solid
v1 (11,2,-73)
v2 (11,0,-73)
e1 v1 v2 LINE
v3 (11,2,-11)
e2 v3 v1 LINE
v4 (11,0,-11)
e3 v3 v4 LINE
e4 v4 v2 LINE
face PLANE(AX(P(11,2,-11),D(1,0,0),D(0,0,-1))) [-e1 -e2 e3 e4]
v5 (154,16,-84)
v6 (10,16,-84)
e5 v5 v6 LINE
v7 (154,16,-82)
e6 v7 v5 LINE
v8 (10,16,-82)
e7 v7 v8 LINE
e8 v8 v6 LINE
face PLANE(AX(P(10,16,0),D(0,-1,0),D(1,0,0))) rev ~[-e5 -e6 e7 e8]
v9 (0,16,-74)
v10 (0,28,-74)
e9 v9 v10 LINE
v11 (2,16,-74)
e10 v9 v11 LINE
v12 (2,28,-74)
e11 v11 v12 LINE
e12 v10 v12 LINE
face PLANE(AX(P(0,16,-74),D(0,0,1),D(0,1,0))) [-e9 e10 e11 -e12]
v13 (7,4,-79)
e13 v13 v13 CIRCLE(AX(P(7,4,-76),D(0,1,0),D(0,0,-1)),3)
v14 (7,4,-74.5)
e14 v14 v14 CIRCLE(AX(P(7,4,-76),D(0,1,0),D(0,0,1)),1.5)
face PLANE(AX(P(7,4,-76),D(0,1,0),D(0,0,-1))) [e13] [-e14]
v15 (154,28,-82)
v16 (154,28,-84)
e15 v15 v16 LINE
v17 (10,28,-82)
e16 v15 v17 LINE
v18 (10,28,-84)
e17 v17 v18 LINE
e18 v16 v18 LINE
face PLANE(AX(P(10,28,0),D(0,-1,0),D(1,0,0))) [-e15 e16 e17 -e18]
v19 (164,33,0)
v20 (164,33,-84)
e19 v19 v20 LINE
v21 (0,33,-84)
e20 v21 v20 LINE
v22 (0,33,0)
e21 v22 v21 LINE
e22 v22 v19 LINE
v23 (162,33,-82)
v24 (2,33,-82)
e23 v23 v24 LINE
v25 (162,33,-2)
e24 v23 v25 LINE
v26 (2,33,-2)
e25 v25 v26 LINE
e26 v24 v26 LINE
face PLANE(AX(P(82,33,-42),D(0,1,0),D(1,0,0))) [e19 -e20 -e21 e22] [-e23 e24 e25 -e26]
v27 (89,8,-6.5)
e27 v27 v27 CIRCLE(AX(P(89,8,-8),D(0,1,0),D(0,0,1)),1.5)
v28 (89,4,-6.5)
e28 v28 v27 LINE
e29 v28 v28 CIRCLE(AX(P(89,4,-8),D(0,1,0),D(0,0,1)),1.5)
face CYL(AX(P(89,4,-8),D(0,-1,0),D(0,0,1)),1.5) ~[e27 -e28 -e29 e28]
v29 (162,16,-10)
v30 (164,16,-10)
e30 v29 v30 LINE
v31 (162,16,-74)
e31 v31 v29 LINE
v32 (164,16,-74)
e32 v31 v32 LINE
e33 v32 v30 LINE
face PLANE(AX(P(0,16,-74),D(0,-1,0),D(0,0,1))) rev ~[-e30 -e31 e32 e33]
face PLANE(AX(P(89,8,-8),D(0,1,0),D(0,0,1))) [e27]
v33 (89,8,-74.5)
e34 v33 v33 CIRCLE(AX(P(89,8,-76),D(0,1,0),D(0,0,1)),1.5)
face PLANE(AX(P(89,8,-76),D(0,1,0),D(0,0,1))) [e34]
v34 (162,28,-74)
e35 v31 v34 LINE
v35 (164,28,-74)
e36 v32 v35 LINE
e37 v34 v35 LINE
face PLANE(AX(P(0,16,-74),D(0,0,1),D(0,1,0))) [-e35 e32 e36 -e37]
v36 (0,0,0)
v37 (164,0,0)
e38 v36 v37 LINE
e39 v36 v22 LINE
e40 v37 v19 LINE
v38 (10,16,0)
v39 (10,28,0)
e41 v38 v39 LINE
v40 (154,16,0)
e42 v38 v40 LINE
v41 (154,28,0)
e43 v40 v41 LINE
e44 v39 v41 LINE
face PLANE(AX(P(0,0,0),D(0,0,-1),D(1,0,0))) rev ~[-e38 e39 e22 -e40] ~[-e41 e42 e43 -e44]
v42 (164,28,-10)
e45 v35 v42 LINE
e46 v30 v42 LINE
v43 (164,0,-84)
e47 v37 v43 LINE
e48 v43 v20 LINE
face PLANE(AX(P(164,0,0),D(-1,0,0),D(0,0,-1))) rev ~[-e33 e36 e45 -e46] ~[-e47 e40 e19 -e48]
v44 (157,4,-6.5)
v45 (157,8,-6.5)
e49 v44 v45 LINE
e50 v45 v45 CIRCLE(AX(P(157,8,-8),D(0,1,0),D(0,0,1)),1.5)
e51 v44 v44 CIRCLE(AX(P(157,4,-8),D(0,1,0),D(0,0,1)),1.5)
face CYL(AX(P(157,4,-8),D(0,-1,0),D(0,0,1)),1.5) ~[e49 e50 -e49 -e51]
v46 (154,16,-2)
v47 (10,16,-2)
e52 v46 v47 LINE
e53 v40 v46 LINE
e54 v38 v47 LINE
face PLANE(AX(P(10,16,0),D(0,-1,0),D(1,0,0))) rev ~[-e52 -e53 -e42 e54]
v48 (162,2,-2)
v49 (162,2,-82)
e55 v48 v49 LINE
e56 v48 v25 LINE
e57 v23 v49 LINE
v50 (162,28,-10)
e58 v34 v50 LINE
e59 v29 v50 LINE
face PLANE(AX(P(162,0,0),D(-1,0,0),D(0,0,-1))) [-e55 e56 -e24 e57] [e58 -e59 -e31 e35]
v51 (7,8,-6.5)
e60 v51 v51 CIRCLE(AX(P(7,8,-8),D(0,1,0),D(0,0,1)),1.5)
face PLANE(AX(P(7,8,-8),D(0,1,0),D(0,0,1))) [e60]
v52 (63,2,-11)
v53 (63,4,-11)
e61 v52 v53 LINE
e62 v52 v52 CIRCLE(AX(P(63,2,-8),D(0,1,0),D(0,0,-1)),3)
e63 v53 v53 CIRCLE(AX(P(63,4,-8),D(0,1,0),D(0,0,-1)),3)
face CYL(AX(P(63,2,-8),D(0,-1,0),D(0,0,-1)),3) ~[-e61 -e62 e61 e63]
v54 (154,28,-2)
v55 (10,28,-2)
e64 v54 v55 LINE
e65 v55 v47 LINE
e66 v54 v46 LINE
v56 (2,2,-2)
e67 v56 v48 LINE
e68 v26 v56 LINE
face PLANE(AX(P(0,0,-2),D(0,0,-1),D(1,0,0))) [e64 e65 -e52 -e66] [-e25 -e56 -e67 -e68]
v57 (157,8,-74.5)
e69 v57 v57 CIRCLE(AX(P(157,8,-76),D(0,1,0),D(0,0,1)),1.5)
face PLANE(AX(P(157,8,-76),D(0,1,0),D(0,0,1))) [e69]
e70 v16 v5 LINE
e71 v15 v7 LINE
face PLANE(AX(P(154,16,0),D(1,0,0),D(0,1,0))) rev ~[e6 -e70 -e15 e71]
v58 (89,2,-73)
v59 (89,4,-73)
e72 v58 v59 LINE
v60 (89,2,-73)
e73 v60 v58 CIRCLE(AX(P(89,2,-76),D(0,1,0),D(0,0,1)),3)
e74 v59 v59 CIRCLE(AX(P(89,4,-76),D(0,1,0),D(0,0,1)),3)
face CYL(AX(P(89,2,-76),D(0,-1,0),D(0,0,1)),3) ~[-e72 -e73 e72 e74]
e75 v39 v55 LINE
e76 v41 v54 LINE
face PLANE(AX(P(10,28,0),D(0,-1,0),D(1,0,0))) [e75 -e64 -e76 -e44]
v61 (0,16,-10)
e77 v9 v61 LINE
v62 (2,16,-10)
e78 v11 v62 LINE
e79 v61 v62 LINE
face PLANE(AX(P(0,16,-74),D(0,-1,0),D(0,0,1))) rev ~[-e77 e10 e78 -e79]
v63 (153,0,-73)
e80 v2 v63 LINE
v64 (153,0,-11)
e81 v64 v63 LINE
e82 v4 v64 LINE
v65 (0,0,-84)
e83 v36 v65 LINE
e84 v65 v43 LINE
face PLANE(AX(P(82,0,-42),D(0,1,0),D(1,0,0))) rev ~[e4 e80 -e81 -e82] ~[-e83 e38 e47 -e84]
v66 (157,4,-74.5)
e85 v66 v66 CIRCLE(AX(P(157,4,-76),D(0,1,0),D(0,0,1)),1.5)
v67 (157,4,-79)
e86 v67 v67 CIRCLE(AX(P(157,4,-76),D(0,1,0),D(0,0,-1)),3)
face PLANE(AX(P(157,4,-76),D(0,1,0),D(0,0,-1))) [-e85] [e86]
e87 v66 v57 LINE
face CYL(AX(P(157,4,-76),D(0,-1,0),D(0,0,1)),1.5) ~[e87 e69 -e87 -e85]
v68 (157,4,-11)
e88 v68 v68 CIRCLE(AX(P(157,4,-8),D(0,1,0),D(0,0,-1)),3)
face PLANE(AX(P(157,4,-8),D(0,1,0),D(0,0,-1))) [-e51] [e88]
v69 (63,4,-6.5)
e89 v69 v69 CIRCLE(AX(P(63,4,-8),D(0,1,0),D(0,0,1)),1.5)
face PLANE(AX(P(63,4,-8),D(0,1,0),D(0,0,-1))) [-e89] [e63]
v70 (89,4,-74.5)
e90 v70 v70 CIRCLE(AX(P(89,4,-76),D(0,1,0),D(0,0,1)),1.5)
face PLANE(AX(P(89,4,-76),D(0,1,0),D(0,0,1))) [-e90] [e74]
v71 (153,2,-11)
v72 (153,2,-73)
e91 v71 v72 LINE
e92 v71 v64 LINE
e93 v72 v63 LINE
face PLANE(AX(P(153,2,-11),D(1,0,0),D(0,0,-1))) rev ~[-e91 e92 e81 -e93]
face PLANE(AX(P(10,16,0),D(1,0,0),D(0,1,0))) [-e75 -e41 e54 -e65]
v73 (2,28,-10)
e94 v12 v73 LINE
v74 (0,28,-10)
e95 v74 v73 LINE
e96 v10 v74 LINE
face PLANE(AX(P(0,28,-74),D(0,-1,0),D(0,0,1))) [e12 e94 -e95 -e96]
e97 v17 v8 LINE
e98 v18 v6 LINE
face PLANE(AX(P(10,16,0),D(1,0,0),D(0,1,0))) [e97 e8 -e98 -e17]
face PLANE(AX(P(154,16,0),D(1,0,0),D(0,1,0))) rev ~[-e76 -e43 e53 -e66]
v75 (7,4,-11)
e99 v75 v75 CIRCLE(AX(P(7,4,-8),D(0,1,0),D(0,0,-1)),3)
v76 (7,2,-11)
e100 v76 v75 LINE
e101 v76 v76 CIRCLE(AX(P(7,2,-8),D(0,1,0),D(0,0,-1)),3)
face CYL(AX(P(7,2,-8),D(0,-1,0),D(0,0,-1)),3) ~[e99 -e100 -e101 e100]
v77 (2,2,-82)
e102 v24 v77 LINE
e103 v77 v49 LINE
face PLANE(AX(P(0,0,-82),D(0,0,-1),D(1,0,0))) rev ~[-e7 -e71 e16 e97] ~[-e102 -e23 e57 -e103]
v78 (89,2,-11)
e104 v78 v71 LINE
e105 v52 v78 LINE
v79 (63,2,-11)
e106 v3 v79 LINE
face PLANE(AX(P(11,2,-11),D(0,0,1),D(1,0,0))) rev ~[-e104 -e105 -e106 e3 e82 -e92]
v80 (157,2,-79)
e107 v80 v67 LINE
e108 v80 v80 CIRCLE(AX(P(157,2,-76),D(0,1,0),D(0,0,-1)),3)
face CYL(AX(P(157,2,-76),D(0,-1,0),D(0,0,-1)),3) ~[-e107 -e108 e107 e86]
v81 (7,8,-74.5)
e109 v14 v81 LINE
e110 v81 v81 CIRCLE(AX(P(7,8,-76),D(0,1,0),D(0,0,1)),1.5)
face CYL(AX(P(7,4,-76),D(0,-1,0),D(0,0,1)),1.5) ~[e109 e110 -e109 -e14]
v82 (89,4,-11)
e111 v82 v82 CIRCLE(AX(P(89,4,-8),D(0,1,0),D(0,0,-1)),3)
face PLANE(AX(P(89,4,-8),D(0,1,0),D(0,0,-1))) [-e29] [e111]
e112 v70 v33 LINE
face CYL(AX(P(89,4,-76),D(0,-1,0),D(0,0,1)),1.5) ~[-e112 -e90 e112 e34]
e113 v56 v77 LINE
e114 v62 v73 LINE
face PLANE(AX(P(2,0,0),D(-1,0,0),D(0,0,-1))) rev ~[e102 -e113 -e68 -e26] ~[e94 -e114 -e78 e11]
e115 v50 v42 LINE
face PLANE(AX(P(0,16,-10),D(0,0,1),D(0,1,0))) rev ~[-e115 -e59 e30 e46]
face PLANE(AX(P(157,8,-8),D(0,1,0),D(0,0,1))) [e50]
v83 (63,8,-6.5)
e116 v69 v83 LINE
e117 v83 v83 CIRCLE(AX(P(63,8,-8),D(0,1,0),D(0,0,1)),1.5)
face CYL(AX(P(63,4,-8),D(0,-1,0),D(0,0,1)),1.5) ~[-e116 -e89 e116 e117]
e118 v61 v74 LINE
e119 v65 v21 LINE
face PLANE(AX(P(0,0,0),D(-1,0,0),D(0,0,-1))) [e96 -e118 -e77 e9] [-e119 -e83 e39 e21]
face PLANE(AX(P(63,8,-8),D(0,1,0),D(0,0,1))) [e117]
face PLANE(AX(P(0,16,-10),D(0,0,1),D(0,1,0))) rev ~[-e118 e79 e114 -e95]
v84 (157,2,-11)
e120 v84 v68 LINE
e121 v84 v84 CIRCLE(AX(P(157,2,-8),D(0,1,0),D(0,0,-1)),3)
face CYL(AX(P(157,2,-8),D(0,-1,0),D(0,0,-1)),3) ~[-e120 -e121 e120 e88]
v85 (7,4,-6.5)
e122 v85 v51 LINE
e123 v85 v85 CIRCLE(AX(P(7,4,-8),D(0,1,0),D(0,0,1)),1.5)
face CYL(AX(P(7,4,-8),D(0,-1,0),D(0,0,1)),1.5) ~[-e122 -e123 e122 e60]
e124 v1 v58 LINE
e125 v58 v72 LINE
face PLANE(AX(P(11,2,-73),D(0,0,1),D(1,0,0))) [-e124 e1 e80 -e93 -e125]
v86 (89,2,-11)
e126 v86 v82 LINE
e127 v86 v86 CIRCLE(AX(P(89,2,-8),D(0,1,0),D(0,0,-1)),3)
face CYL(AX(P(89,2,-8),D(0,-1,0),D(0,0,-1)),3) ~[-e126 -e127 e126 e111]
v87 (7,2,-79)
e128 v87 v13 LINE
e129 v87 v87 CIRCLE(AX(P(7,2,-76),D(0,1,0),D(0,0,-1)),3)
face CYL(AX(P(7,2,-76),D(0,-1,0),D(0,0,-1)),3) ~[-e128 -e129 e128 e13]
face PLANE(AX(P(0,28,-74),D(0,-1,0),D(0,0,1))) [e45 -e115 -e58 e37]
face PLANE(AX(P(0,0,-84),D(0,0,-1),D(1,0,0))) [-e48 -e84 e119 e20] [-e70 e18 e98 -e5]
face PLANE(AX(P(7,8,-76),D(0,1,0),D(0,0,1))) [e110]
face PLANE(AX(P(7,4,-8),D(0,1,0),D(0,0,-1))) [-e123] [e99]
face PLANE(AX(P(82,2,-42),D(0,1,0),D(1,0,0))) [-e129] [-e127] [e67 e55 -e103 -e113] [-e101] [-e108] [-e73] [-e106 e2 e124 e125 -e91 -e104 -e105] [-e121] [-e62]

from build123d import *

# Parameters (mm, degrees)
SKETCH1_W           = 164
SKETCH1_H           = 84
BOSS_EXTRUDE1_DEPTH = 33
SHELL1_T            = -2
SKETCH3_W           = 142
SKETCH3_H           = 62
CUT_EXTRUDE1_DEPTH  = 2
SKETCH4_R           = 3
BOSS_EXTRUDE2_DEPTH = 2
SKETCH5_R           = 1.5
BOSS_EXTRUDE3_DEPTH = 4
SKETCH6_R           = 3
BOSS_EXTRUDE4_DEPTH = 2
SKETCH7_R           = 1.5
BOSS_EXTRUDE5_DEPTH = 4
SKETCH8_W           = 64
SKETCH8_H           = 12
CUT_EXTRUDE2_DEPTH  = 188.192414376
SKETCH9_W           = 144
SKETCH9_H           = 12
CUT_EXTRUDE3_DEPTH  = 188.192414376


with BuildPart() as part:
    # Sketch1 → Boss-Extrude1 (new body)
    with BuildSketch(Plane(origin=(0, 0, 0), x_dir=(1, 0, 0), z_dir=(0, 1, 0))):
        with Locations((82, 42)):
            Rectangle(SKETCH1_W, SKETCH1_H)
    extrude(amount=BOSS_EXTRUDE1_DEPTH)

    # Shell1
    shell1_openings = [part.faces().sort_by_distance(p)[0] for p in [
        (82, 33, -42),
    ]]
    offset(amount=SHELL1_T, openings=shell1_openings, kind=Kind.INTERSECTION)

    # Sketch3 → Cut-Extrude1 (cut)
    with BuildSketch(Plane(origin=(0, 2, 0), x_dir=(1, 0, 0), z_dir=(0, 1, 0))):
        with Locations((82, 42)):
            Rectangle(SKETCH3_W, SKETCH3_H)
    extrude(amount=-CUT_EXTRUDE1_DEPTH, mode=Mode.SUBTRACT)

    # Sketch4 → Boss-Extrude2 (add)
    with BuildSketch(Plane(origin=(0, 2, 0), x_dir=(1, 0, 0), z_dir=(0, 1, 0))):
        with Locations(Location((157, 76, 0), (0, 0, 90))):
            Circle(SKETCH4_R)
        with Locations(Location((89, 76, 0), (0, 0, 270))):
            Circle(SKETCH4_R)
        with Locations(Location((89, 8, 0), (0, 0, 90))):
            Circle(SKETCH4_R)
        with Locations(Location((157, 8, 0), (0, 0, 90))):
            Circle(SKETCH4_R)
    extrude(amount=BOSS_EXTRUDE2_DEPTH)

    # Sketch5 → Boss-Extrude3 (add)
    with BuildSketch(Plane(origin=(0, 4, 0), x_dir=(1, 0, 0), z_dir=(0, 1, 0))):
        with Locations(Location((89, 76, 0), (0, 0, 270))):
            Circle(SKETCH5_R)
        with Locations(Location((157, 76, 0), (0, 0, 270))):
            Circle(SKETCH5_R)
        with Locations(Location((89, 8, 0), (0, 0, 270))):
            Circle(SKETCH5_R)
        with Locations(Location((157, 8, 0), (0, 0, 270))):
            Circle(SKETCH5_R)
    extrude(amount=BOSS_EXTRUDE3_DEPTH)

    # Sketch6 → Boss-Extrude4 (add)
    with BuildSketch(Plane(origin=(0, 2, 0), x_dir=(1, 0, 0), z_dir=(0, 1, 0))):
        with Locations(Location((7, 76, 0), (0, 0, 90))):
            Circle(SKETCH6_R)
        with Locations(Location((7, 8, 0), (0, 0, 90))):
            Circle(SKETCH6_R)
        with Locations(Location((63, 8, 0), (0, 0, 90))):
            Circle(SKETCH6_R)
    extrude(amount=BOSS_EXTRUDE4_DEPTH)

    # Sketch7 → Boss-Extrude5 (add)
    with BuildSketch(Plane(origin=(0, 4, 0), x_dir=(1, 0, 0), z_dir=(0, 1, 0))):
        with Locations(Location((7, 76, 0), (0, 0, 270))):
            Circle(SKETCH7_R)
        with Locations(Location((7, 8, 0), (0, 0, 270))):
            Circle(SKETCH7_R)
        with Locations(Location((63, 8, 0), (0, 0, 270))):
            Circle(SKETCH7_R)
    extrude(amount=BOSS_EXTRUDE5_DEPTH)

    # Sketch8 → Cut-Extrude2 (cut, through all)
    with BuildSketch(Plane.ZY):
        with Locations((-42, 22)):
            Rectangle(SKETCH8_W, SKETCH8_H)
    extrude(amount=-CUT_EXTRUDE2_DEPTH, mode=Mode.SUBTRACT)

    # Sketch9 → Cut-Extrude3 (cut, through all)
    with BuildSketch(Plane.XY):
        with Locations((82, 22)):
            Rectangle(SKETCH9_W, SKETCH9_H)
    extrude(amount=-CUT_EXTRUDE3_DEPTH, mode=Mode.SUBTRACT)


solid = part.part
